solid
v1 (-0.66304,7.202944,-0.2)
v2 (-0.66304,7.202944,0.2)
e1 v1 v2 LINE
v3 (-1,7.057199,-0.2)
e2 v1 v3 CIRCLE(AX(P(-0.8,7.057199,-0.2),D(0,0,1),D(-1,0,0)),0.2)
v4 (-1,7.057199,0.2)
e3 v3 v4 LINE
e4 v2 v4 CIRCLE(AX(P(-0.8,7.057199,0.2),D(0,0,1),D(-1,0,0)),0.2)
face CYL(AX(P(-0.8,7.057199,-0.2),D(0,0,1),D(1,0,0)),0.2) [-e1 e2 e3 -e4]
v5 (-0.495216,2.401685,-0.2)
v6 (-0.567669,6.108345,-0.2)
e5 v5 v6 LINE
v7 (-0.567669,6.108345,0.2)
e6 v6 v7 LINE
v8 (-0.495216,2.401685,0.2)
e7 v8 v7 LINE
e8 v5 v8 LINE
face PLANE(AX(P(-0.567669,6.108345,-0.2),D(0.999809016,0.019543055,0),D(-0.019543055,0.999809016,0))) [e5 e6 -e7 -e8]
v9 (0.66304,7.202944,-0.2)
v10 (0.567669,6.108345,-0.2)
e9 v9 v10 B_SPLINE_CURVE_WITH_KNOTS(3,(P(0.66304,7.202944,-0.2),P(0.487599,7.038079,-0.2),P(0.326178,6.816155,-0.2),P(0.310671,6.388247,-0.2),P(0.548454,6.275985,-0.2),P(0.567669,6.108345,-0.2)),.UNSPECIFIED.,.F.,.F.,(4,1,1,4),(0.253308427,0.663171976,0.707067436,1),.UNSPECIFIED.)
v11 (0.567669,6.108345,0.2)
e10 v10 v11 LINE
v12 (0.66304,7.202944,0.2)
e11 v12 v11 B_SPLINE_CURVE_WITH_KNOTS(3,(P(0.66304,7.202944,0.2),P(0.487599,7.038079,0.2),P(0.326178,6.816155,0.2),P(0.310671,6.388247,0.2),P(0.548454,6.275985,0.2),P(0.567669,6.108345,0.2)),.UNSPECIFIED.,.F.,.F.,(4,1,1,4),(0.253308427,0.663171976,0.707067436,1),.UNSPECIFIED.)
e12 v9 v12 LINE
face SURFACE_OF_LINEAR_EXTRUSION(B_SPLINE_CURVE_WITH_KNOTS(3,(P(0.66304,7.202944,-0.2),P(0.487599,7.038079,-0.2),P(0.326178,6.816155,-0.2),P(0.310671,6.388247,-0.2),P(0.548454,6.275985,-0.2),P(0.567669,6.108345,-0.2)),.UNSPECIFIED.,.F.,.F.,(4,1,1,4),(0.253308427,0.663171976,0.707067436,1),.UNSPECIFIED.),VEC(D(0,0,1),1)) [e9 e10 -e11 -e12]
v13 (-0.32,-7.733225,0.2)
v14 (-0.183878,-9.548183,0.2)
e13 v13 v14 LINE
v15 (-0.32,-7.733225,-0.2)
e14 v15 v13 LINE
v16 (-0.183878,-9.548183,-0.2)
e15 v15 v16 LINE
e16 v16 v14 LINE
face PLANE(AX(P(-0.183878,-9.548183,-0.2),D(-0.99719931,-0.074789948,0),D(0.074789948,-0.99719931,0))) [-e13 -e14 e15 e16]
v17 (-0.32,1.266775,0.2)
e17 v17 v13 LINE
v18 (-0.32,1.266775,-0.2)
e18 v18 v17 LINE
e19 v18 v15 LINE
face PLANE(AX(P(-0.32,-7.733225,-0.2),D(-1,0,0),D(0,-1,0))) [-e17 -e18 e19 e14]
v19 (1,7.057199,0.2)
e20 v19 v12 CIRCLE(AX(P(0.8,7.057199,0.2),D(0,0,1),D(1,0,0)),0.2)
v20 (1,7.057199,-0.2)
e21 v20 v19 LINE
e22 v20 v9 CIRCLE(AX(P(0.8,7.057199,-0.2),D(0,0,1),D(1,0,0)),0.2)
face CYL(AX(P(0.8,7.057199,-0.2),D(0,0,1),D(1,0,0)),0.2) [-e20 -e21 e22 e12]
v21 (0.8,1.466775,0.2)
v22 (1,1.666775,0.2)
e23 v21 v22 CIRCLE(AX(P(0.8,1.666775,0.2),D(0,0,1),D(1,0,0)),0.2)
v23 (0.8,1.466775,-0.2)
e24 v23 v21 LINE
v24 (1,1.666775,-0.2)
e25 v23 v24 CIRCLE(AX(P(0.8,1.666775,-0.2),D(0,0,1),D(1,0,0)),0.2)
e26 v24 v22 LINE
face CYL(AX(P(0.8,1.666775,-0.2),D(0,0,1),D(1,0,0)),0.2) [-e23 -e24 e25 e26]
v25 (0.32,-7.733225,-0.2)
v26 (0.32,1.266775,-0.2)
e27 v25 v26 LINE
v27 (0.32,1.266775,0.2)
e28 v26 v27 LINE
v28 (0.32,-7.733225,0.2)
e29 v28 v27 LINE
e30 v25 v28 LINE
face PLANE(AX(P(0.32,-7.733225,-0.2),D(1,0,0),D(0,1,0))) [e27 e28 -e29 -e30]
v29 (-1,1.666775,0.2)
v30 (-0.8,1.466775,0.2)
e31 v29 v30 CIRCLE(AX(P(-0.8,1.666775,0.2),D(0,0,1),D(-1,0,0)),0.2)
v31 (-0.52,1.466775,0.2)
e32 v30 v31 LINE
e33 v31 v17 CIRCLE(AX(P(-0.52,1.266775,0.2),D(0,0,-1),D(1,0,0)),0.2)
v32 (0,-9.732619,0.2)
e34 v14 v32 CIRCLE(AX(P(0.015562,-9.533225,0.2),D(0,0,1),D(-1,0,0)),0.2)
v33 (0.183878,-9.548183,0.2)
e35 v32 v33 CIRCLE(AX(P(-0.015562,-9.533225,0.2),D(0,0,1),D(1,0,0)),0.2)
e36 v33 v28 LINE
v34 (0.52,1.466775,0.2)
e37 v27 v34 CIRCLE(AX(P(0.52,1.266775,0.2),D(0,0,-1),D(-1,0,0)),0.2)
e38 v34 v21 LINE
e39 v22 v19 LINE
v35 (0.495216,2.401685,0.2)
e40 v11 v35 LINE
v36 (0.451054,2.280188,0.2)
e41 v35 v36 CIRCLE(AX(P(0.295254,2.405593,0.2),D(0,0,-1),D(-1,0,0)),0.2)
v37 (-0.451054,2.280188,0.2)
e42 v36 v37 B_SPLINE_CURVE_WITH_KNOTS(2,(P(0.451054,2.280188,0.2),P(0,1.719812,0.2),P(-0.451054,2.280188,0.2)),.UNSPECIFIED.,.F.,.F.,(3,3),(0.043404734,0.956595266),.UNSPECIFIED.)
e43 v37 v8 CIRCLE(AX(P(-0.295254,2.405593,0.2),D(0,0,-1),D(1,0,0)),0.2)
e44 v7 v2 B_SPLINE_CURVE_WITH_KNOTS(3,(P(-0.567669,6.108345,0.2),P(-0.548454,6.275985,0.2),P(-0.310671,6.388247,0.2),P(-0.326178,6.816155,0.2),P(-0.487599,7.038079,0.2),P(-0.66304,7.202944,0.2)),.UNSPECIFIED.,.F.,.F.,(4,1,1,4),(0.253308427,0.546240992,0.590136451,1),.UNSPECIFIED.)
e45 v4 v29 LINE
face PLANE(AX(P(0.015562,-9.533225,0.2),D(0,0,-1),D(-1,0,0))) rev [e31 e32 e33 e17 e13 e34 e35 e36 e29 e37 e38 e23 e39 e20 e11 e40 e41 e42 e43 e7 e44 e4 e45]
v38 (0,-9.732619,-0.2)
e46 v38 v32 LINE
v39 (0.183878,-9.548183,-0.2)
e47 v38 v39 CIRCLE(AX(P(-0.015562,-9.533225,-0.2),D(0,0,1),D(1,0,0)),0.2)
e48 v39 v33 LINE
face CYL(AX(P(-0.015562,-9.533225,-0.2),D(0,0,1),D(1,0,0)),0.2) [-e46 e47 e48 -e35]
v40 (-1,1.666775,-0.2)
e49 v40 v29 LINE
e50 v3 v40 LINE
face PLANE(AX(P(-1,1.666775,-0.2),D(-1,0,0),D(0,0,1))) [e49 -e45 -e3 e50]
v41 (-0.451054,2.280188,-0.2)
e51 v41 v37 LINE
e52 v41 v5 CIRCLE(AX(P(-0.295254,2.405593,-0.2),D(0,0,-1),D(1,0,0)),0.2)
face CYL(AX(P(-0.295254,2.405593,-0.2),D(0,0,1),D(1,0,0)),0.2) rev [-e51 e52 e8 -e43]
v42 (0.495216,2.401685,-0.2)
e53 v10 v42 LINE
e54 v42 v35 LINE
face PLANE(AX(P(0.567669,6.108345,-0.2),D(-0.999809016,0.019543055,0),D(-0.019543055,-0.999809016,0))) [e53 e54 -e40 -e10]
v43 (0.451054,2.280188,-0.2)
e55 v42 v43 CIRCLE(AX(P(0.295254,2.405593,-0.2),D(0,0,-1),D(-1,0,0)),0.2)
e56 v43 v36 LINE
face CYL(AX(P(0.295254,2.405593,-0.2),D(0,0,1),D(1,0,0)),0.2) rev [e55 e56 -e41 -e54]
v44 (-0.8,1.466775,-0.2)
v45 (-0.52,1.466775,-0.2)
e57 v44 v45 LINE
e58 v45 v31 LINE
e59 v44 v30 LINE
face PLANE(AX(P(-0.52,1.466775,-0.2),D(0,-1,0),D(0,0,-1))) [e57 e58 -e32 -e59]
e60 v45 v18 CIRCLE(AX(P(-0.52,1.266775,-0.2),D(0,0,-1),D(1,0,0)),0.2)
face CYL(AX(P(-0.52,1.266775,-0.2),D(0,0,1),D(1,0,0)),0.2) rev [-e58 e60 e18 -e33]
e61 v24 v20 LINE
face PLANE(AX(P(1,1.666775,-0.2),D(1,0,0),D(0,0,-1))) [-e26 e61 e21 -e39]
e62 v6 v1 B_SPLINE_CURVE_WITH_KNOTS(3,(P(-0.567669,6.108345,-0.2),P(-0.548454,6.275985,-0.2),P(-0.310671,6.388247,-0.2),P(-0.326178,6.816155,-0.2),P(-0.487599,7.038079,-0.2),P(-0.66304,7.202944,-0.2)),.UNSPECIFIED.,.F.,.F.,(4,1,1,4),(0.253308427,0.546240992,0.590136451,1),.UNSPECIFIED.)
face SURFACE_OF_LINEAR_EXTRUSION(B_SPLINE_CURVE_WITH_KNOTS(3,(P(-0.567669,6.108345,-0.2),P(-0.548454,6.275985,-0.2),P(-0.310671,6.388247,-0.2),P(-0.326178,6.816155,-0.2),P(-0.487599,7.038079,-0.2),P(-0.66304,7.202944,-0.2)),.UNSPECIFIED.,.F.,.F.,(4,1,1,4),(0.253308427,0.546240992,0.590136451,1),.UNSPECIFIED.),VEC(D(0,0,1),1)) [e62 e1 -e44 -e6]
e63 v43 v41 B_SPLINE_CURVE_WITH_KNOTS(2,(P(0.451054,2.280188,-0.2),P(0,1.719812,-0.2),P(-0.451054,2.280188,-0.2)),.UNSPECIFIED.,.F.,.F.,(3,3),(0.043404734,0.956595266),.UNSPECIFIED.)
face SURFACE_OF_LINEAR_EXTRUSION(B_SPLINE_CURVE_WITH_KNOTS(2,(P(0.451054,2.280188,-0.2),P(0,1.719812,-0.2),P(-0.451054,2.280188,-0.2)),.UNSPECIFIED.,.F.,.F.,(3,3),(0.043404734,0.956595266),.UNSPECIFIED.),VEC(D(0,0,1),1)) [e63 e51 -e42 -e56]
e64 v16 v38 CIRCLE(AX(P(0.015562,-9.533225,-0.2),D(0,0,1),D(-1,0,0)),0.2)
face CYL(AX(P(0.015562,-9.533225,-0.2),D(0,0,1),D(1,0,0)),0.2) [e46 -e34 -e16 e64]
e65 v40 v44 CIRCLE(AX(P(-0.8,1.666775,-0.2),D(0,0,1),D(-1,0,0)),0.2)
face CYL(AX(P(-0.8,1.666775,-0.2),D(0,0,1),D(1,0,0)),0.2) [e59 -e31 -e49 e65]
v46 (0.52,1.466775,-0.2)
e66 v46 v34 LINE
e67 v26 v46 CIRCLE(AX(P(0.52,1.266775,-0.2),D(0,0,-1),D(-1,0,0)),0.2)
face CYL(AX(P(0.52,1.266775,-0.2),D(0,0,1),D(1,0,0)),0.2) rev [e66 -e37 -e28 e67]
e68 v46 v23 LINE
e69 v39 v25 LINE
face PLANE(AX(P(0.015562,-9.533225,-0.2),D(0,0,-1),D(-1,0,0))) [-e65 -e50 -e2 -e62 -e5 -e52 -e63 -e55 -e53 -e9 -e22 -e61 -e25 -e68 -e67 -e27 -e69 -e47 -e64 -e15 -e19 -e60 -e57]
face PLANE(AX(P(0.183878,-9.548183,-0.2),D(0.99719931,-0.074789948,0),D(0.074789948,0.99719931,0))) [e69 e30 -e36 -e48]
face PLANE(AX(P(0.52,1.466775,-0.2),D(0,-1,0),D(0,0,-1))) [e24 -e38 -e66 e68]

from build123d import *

# Parameters (mm, degrees)
BOSS_EXTRUDE1_DEPTH = 0.2


with BuildPart() as part:
    # Sketch1 → Boss-Extrude1 (new body, symmetric)
    with BuildSketch(Plane.XY):
        with BuildLine():
            Line((-0.32, -7.733224852), (-0.32, 1.266775148))
            ThreePointArc((-0.32, 1.266775148), (-0.378578644, 1.408196504), (-0.52, 1.466775148))
            Line((-0.52, 1.466775148), (-0.8, 1.466775148))
            ThreePointArc((-0.8, 1.466775148), (-0.941421356, 1.525353792), (-1, 1.666775148))
            Line((-1, 1.666775148), (-1, 7.057198685))
            ThreePointArc((-1, 7.057198685), (-0.87939743, 7.240763518), (-0.663039519, 7.202944445))
            add(Edge.make_bspline(
                [(-0.663039519, 7.202944445), (-0.487599251, 7.038079386), (-0.326177604, 6.816155039), (-0.310671132, 6.388247389), (-0.548453888, 6.275984696), (-0.567669208, 6.108344969)],
                knots=[0.253308427, 0.253308427, 0.253308427, 0.253308427, 0.663171976, 0.707067436, 1, 1, 1, 1], degree=3))
            Line((-0.567669208, 6.108344969), (-0.495215905, 2.401684718))
            ThreePointArc((-0.495215905, 2.401684718), (-0.483221967, 2.337269967), (-0.451053839, 2.280188217))
            add(Edge.make_bspline(
                [(-0.451053839, 2.280188217), (0, 1.719811783), (0.451053839, 2.280188217)],
                knots=[0.043404734, 0.043404734, 0.043404734, 0.956595266, 0.956595266, 0.956595266], degree=2))
            ThreePointArc((0.451053839, 2.280188217), (0.483221967, 2.337269967), (0.495215905, 2.401684718))
            Line((0.495215905, 2.401684718), (0.567669208, 6.108344969))
            add(Edge.make_bspline(
                [(0.663039519, 7.202944445), (0.487599251, 7.038079386), (0.326177604, 6.816155039), (0.310671132, 6.388247389), (0.548453888, 6.275984696), (0.567669208, 6.108344969)],
                knots=[0.253308427, 0.253308427, 0.253308427, 0.253308427, 0.663171976, 0.707067436, 1, 1, 1, 1], degree=3))
            ThreePointArc((0.663039519, 7.202944445), (0.87939743, 7.240763518), (1, 7.057198685))
            Line((1, 7.057198685), (1, 1.666775148))
            ThreePointArc((1, 1.666775148), (0.941421356, 1.525353792), (0.8, 1.466775148))
            Line((0.8, 1.466775148), (0.52, 1.466775148))
            ThreePointArc((0.52, 1.466775148), (0.378578644, 1.408196504), (0.32, 1.266775148))
            Line((0.32, 1.266775148), (0.32, -7.733224852))
            Line((0.32, -7.733224852), (0.183878151, -9.548182842))
            ThreePointArc((0.183878151, -9.548182842), (0.126073555, -9.674431974), (0, -9.732618516))
            ThreePointArc((0, -9.732618516), (-0.126073555, -9.674431974), (-0.183878151, -9.548182842))
            Line((-0.183878151, -9.548182842), (-0.32, -7.733224852))
        make_face()
    extrude(amount=BOSS_EXTRUDE1_DEPTH, both=True)


solid = part.part
